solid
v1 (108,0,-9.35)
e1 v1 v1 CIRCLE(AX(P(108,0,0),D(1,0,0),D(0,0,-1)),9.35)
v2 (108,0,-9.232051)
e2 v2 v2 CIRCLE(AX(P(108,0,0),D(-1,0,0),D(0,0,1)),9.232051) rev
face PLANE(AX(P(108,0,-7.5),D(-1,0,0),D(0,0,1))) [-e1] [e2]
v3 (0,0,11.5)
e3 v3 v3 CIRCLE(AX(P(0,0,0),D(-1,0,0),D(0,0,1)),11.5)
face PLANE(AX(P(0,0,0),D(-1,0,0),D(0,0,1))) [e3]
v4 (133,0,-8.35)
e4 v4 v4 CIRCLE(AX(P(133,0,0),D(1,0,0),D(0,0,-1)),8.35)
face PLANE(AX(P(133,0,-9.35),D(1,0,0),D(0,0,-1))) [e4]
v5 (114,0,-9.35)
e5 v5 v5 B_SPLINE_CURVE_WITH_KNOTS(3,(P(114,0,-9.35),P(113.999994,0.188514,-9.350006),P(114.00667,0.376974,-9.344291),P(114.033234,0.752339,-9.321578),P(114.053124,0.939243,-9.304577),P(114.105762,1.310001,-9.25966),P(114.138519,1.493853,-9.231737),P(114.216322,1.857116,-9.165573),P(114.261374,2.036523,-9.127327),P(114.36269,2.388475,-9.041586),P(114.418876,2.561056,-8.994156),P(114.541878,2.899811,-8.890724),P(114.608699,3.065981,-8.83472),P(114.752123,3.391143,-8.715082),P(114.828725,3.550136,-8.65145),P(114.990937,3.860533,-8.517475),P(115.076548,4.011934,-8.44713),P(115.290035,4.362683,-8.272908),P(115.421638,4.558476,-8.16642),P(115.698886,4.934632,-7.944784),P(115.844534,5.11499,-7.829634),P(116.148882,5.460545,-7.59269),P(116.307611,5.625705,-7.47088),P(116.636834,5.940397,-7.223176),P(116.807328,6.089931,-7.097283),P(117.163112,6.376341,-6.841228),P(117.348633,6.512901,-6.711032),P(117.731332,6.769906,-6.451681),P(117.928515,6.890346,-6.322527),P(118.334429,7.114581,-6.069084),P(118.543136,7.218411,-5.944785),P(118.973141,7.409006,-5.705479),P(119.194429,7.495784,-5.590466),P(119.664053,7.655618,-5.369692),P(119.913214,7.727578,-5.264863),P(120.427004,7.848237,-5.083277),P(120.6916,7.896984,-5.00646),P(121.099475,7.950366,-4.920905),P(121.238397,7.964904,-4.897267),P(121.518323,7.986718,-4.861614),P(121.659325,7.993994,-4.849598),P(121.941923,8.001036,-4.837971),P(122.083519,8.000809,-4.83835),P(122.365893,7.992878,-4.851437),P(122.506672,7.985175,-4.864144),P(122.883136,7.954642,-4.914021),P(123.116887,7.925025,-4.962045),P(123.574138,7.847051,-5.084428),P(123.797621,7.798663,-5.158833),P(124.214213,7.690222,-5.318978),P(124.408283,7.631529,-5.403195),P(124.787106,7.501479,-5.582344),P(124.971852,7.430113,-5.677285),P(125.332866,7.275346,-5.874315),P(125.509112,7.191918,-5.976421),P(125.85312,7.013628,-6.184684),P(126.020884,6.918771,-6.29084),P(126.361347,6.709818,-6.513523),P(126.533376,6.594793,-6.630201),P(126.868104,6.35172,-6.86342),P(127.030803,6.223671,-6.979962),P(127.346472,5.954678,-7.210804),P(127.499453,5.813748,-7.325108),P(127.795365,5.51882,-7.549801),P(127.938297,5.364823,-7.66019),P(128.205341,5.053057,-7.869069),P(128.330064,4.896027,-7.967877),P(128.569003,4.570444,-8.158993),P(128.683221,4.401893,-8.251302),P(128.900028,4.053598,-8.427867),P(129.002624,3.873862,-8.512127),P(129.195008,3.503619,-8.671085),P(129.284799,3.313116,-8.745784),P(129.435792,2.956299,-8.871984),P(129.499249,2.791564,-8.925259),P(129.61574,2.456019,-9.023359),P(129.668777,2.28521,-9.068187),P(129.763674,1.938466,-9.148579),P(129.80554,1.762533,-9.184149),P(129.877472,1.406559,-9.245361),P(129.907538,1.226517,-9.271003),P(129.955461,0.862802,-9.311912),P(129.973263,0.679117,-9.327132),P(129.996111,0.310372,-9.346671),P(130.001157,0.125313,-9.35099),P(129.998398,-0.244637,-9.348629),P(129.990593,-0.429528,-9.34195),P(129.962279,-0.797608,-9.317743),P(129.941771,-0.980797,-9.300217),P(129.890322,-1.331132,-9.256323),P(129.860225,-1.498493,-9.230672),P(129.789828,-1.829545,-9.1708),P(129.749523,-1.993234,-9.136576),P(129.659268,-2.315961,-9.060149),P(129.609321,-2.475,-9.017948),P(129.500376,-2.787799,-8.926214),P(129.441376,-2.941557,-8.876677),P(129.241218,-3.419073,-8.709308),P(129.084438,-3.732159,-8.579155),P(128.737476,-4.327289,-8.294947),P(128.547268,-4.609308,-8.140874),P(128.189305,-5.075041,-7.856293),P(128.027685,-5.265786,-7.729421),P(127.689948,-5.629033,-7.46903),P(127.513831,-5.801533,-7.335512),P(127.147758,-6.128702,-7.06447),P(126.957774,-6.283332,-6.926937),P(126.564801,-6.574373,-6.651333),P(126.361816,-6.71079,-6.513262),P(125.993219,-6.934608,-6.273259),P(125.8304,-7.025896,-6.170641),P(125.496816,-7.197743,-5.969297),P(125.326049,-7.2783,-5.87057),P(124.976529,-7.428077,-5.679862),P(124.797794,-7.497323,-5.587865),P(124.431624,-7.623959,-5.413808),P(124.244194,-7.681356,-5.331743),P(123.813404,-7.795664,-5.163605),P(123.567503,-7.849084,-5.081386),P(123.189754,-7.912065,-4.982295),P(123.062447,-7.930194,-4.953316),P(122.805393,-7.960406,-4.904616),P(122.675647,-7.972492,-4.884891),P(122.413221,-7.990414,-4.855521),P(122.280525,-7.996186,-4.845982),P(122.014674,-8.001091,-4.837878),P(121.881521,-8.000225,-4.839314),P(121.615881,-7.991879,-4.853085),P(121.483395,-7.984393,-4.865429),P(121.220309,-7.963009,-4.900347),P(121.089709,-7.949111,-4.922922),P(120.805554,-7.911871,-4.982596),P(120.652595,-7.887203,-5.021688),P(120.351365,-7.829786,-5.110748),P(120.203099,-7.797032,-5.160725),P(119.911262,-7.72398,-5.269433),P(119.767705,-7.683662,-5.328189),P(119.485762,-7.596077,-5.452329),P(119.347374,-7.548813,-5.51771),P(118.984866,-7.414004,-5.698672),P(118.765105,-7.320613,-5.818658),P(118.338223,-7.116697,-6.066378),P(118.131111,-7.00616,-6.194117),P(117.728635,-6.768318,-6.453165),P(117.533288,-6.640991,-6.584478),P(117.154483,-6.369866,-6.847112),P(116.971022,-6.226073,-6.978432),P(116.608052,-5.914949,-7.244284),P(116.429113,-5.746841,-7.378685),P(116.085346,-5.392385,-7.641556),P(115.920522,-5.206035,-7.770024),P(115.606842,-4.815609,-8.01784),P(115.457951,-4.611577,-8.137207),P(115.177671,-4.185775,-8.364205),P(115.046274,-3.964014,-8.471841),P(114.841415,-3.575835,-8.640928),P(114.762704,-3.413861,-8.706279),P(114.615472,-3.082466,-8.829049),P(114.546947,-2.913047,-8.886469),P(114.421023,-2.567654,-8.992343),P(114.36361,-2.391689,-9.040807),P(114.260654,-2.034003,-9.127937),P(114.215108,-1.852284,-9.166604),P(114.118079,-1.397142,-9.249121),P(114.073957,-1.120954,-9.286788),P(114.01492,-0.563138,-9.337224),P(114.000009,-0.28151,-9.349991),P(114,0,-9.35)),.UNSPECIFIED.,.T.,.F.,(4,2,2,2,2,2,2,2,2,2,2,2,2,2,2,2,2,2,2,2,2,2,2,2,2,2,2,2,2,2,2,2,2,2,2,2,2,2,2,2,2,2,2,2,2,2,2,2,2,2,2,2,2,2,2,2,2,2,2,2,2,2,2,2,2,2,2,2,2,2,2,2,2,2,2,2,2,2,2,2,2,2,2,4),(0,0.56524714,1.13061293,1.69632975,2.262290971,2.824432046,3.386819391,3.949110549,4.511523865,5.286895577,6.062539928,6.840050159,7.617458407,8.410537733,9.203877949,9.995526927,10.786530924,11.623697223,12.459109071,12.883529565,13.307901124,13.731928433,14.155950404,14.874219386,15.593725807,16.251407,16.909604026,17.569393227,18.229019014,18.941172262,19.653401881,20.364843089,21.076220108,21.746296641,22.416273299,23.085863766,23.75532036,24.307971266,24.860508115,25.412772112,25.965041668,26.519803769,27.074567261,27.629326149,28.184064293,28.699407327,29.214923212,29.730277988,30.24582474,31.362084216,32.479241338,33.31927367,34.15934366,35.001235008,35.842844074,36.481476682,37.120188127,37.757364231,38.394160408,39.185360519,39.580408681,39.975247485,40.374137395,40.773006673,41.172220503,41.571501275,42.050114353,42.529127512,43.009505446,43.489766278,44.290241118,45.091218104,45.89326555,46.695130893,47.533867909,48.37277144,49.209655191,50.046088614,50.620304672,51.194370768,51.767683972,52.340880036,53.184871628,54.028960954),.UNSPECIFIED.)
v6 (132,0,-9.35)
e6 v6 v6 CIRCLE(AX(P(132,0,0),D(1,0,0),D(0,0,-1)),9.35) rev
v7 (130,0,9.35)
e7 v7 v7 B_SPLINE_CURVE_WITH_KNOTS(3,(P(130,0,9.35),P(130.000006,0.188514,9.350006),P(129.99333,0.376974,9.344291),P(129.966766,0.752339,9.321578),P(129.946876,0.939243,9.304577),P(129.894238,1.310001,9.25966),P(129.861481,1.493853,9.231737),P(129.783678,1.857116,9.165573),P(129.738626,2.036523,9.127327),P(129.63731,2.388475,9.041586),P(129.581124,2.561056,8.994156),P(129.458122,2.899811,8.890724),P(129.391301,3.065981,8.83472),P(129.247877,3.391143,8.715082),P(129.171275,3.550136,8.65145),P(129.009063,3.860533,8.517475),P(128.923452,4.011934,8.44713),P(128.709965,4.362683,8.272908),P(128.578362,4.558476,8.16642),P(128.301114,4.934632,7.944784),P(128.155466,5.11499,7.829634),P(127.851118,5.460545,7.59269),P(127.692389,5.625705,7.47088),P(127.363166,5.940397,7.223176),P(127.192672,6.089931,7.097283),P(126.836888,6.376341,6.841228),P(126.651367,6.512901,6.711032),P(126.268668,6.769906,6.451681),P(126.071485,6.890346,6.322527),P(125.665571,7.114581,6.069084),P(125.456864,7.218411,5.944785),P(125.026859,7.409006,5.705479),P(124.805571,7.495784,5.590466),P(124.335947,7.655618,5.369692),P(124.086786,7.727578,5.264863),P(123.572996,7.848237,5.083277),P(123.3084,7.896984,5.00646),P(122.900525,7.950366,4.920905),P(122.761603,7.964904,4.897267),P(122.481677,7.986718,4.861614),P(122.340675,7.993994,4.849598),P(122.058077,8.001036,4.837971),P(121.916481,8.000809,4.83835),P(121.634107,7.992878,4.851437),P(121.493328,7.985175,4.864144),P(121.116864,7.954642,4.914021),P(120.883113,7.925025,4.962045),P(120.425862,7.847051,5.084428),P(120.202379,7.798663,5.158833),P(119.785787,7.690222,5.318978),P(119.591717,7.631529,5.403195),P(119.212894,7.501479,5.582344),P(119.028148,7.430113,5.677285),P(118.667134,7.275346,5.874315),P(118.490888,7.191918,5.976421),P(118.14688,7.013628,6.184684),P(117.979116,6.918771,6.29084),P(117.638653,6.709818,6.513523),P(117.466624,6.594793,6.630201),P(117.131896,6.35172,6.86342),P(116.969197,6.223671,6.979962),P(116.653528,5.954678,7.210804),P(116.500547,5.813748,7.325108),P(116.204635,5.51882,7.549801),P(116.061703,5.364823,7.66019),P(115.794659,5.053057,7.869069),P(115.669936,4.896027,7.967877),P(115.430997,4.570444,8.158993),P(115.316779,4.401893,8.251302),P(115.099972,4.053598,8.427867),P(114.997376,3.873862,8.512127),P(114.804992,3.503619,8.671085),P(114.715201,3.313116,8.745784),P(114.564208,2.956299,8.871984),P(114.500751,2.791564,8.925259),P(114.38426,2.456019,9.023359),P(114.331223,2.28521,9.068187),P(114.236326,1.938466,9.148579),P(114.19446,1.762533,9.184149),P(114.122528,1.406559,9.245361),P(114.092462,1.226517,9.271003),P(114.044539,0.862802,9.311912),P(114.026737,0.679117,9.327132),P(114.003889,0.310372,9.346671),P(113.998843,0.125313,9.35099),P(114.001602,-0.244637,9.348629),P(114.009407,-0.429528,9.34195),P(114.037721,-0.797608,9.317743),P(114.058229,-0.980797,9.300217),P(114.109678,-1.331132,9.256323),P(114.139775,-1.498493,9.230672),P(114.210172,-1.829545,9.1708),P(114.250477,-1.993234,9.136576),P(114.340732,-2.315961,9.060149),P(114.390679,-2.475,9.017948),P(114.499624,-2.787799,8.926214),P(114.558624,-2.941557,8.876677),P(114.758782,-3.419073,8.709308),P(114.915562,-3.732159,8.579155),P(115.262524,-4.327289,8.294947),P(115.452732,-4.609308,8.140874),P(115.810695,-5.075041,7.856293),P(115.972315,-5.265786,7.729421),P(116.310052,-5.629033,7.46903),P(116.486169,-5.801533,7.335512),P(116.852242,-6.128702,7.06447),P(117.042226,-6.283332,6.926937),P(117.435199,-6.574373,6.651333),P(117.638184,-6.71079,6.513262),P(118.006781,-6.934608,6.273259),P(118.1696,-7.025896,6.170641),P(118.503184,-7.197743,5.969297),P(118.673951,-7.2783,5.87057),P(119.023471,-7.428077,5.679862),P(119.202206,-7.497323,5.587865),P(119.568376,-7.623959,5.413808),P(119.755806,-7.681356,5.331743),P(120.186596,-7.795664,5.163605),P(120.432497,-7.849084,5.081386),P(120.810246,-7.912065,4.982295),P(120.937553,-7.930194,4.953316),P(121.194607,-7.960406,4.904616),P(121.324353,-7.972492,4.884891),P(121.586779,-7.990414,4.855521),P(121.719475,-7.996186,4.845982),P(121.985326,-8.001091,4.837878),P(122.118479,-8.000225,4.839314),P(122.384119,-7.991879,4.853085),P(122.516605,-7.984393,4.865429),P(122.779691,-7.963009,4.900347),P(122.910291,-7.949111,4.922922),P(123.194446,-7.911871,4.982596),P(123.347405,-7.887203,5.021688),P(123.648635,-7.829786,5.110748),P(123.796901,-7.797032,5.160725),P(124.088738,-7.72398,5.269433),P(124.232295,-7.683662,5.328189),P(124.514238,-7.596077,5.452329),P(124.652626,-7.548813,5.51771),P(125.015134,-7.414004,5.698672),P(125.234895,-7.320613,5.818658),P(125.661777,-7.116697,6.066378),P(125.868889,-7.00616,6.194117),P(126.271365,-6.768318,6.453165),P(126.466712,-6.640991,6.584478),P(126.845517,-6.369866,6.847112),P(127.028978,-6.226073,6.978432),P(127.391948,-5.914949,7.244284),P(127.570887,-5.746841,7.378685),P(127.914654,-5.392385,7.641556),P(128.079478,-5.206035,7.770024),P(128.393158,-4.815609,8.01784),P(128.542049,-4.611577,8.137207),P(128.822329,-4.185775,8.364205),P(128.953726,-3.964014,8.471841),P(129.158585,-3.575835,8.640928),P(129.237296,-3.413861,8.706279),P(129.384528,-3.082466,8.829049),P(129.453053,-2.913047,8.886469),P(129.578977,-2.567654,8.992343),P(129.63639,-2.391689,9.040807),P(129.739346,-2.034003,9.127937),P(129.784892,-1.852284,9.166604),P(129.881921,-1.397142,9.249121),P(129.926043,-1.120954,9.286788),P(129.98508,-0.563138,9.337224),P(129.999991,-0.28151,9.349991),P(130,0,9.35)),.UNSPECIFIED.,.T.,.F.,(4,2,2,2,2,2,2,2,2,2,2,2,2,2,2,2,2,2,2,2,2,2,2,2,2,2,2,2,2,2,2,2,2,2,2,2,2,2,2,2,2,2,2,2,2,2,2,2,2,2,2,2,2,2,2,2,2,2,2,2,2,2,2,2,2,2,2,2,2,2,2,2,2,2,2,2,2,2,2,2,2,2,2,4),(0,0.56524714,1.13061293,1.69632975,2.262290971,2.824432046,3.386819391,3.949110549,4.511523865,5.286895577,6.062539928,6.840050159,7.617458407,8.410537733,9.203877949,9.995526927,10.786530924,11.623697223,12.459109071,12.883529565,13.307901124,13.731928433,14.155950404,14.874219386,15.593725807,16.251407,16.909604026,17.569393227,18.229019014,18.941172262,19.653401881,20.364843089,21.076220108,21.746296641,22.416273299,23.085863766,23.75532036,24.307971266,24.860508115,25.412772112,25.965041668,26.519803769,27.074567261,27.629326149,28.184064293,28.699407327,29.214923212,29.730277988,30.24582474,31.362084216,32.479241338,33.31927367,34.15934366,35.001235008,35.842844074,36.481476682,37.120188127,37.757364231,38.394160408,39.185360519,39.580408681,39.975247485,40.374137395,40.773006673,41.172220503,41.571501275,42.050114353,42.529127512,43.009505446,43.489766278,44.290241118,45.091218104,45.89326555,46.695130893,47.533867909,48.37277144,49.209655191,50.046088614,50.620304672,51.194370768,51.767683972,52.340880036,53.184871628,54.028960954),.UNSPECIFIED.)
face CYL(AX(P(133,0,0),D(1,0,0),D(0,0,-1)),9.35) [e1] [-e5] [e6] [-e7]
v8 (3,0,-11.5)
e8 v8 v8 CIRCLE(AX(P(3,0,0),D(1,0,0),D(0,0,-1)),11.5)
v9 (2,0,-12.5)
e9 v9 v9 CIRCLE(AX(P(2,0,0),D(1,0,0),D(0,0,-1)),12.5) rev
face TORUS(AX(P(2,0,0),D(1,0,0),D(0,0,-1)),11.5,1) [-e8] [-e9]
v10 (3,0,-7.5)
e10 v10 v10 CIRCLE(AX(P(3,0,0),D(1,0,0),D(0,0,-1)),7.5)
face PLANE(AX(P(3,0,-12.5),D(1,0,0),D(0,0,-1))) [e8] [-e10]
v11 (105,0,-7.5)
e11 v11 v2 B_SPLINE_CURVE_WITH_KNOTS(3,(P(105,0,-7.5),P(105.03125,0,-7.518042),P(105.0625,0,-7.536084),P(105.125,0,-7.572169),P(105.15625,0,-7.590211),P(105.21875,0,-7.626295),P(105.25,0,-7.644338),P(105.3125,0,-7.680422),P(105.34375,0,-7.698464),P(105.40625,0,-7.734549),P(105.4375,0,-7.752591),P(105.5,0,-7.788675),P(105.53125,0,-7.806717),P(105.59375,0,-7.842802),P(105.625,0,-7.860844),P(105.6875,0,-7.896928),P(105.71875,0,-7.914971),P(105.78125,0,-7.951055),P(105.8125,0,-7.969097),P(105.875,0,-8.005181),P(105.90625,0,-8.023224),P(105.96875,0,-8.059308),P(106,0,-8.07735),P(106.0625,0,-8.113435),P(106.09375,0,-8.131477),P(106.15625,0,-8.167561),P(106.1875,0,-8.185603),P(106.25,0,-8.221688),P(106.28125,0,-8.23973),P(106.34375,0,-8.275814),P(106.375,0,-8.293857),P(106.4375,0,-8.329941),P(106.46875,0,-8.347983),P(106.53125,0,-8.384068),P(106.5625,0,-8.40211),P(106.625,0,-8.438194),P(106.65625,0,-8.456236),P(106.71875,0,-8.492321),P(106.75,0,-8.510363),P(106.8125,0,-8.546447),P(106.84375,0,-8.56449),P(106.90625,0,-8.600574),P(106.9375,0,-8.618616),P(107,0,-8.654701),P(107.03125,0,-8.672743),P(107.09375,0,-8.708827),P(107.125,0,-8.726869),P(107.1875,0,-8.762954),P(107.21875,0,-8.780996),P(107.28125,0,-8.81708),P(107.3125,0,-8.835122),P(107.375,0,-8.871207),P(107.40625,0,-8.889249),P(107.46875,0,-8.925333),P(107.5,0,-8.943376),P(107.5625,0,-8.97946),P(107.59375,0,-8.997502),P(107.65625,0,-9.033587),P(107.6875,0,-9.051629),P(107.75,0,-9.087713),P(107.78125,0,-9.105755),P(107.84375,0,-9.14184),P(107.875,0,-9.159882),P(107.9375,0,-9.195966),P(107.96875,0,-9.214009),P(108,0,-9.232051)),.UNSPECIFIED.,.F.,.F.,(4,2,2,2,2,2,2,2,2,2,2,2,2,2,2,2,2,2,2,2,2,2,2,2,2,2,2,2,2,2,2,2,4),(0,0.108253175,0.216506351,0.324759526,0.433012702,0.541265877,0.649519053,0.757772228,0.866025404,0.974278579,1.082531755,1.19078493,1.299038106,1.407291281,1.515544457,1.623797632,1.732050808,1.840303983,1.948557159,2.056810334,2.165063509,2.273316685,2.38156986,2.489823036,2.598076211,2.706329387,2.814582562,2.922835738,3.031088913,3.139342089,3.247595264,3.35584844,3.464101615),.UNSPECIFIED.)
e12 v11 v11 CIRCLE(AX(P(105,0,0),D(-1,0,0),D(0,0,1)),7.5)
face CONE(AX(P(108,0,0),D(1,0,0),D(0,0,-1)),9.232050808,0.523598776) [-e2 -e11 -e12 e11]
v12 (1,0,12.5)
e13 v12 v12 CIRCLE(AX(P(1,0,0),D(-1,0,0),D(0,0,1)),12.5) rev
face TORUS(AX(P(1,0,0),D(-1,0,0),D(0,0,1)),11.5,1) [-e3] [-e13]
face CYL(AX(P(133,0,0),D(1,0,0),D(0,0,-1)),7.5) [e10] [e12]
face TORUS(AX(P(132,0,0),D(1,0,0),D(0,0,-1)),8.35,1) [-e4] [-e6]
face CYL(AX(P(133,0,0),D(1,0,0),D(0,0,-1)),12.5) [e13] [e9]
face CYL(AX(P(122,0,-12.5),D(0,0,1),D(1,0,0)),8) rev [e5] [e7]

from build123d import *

# Parameters (mm, degrees)
CHAMFER1_SIZE           = 3
CHAMFER1_SIZE2          = 1.732050808
CUT_EXTRUDE1_DEPTH      = 135.169668703
CUT_EXTRUDE1_DEPTH_BACK = 135.169668703
SKETCH2_R               = 8
FILLET1_R               = 1


with BuildPart() as part:
    # Sketch1 → Revolve1 (revolve)
    with BuildSketch(Plane(origin=(0, 0, 0), x_dir=(1, 0, 0), z_dir=(0, 1, 0))):
        Polygon((0, 0), (0, 12.5), (3, 12.5), (3, 7.5), (108, 7.5), (108, 9.35), (133, 9.35), (133, 0), align=None)
    revolve(axis=Axis((133, 0, 0), (-1, 0, 0)))

    # Chamfer1
    chamfer1_edges = [part.edges().sort_by_distance(p)[0] for p in [
        (108, 0, 7.5),
    ]]
    chamfer1_side = [part.faces().sort_by_distance(p)[0] for p in [
        (55.5, 0, 7.5),
    ]]
    chamfer(chamfer1_edges, length=CHAMFER1_SIZE, length2=CHAMFER1_SIZE2, reference=chamfer1_side[0])

    # Sketch2 → Cut-Extrude1 (cut, two sides: drawn at the far end of the back side and taken through both)
    with BuildSketch(Plane.XY.offset(-CUT_EXTRUDE1_DEPTH_BACK)):
        with Locations((122, 0)):
            Circle(SKETCH2_R)
    extrude(amount=CUT_EXTRUDE1_DEPTH + CUT_EXTRUDE1_DEPTH_BACK, mode=Mode.SUBTRACT)

    # Fillet1
    fillet1_edges = [part.edges().sort_by_distance(p)[0] for p in [
        (133, 0, 9.35),
        (3, 0, 12.5),
        (0, 0, 12.5),
    ]]
    fillet(fillet1_edges, radius=FILLET1_R)


solid = part.part
